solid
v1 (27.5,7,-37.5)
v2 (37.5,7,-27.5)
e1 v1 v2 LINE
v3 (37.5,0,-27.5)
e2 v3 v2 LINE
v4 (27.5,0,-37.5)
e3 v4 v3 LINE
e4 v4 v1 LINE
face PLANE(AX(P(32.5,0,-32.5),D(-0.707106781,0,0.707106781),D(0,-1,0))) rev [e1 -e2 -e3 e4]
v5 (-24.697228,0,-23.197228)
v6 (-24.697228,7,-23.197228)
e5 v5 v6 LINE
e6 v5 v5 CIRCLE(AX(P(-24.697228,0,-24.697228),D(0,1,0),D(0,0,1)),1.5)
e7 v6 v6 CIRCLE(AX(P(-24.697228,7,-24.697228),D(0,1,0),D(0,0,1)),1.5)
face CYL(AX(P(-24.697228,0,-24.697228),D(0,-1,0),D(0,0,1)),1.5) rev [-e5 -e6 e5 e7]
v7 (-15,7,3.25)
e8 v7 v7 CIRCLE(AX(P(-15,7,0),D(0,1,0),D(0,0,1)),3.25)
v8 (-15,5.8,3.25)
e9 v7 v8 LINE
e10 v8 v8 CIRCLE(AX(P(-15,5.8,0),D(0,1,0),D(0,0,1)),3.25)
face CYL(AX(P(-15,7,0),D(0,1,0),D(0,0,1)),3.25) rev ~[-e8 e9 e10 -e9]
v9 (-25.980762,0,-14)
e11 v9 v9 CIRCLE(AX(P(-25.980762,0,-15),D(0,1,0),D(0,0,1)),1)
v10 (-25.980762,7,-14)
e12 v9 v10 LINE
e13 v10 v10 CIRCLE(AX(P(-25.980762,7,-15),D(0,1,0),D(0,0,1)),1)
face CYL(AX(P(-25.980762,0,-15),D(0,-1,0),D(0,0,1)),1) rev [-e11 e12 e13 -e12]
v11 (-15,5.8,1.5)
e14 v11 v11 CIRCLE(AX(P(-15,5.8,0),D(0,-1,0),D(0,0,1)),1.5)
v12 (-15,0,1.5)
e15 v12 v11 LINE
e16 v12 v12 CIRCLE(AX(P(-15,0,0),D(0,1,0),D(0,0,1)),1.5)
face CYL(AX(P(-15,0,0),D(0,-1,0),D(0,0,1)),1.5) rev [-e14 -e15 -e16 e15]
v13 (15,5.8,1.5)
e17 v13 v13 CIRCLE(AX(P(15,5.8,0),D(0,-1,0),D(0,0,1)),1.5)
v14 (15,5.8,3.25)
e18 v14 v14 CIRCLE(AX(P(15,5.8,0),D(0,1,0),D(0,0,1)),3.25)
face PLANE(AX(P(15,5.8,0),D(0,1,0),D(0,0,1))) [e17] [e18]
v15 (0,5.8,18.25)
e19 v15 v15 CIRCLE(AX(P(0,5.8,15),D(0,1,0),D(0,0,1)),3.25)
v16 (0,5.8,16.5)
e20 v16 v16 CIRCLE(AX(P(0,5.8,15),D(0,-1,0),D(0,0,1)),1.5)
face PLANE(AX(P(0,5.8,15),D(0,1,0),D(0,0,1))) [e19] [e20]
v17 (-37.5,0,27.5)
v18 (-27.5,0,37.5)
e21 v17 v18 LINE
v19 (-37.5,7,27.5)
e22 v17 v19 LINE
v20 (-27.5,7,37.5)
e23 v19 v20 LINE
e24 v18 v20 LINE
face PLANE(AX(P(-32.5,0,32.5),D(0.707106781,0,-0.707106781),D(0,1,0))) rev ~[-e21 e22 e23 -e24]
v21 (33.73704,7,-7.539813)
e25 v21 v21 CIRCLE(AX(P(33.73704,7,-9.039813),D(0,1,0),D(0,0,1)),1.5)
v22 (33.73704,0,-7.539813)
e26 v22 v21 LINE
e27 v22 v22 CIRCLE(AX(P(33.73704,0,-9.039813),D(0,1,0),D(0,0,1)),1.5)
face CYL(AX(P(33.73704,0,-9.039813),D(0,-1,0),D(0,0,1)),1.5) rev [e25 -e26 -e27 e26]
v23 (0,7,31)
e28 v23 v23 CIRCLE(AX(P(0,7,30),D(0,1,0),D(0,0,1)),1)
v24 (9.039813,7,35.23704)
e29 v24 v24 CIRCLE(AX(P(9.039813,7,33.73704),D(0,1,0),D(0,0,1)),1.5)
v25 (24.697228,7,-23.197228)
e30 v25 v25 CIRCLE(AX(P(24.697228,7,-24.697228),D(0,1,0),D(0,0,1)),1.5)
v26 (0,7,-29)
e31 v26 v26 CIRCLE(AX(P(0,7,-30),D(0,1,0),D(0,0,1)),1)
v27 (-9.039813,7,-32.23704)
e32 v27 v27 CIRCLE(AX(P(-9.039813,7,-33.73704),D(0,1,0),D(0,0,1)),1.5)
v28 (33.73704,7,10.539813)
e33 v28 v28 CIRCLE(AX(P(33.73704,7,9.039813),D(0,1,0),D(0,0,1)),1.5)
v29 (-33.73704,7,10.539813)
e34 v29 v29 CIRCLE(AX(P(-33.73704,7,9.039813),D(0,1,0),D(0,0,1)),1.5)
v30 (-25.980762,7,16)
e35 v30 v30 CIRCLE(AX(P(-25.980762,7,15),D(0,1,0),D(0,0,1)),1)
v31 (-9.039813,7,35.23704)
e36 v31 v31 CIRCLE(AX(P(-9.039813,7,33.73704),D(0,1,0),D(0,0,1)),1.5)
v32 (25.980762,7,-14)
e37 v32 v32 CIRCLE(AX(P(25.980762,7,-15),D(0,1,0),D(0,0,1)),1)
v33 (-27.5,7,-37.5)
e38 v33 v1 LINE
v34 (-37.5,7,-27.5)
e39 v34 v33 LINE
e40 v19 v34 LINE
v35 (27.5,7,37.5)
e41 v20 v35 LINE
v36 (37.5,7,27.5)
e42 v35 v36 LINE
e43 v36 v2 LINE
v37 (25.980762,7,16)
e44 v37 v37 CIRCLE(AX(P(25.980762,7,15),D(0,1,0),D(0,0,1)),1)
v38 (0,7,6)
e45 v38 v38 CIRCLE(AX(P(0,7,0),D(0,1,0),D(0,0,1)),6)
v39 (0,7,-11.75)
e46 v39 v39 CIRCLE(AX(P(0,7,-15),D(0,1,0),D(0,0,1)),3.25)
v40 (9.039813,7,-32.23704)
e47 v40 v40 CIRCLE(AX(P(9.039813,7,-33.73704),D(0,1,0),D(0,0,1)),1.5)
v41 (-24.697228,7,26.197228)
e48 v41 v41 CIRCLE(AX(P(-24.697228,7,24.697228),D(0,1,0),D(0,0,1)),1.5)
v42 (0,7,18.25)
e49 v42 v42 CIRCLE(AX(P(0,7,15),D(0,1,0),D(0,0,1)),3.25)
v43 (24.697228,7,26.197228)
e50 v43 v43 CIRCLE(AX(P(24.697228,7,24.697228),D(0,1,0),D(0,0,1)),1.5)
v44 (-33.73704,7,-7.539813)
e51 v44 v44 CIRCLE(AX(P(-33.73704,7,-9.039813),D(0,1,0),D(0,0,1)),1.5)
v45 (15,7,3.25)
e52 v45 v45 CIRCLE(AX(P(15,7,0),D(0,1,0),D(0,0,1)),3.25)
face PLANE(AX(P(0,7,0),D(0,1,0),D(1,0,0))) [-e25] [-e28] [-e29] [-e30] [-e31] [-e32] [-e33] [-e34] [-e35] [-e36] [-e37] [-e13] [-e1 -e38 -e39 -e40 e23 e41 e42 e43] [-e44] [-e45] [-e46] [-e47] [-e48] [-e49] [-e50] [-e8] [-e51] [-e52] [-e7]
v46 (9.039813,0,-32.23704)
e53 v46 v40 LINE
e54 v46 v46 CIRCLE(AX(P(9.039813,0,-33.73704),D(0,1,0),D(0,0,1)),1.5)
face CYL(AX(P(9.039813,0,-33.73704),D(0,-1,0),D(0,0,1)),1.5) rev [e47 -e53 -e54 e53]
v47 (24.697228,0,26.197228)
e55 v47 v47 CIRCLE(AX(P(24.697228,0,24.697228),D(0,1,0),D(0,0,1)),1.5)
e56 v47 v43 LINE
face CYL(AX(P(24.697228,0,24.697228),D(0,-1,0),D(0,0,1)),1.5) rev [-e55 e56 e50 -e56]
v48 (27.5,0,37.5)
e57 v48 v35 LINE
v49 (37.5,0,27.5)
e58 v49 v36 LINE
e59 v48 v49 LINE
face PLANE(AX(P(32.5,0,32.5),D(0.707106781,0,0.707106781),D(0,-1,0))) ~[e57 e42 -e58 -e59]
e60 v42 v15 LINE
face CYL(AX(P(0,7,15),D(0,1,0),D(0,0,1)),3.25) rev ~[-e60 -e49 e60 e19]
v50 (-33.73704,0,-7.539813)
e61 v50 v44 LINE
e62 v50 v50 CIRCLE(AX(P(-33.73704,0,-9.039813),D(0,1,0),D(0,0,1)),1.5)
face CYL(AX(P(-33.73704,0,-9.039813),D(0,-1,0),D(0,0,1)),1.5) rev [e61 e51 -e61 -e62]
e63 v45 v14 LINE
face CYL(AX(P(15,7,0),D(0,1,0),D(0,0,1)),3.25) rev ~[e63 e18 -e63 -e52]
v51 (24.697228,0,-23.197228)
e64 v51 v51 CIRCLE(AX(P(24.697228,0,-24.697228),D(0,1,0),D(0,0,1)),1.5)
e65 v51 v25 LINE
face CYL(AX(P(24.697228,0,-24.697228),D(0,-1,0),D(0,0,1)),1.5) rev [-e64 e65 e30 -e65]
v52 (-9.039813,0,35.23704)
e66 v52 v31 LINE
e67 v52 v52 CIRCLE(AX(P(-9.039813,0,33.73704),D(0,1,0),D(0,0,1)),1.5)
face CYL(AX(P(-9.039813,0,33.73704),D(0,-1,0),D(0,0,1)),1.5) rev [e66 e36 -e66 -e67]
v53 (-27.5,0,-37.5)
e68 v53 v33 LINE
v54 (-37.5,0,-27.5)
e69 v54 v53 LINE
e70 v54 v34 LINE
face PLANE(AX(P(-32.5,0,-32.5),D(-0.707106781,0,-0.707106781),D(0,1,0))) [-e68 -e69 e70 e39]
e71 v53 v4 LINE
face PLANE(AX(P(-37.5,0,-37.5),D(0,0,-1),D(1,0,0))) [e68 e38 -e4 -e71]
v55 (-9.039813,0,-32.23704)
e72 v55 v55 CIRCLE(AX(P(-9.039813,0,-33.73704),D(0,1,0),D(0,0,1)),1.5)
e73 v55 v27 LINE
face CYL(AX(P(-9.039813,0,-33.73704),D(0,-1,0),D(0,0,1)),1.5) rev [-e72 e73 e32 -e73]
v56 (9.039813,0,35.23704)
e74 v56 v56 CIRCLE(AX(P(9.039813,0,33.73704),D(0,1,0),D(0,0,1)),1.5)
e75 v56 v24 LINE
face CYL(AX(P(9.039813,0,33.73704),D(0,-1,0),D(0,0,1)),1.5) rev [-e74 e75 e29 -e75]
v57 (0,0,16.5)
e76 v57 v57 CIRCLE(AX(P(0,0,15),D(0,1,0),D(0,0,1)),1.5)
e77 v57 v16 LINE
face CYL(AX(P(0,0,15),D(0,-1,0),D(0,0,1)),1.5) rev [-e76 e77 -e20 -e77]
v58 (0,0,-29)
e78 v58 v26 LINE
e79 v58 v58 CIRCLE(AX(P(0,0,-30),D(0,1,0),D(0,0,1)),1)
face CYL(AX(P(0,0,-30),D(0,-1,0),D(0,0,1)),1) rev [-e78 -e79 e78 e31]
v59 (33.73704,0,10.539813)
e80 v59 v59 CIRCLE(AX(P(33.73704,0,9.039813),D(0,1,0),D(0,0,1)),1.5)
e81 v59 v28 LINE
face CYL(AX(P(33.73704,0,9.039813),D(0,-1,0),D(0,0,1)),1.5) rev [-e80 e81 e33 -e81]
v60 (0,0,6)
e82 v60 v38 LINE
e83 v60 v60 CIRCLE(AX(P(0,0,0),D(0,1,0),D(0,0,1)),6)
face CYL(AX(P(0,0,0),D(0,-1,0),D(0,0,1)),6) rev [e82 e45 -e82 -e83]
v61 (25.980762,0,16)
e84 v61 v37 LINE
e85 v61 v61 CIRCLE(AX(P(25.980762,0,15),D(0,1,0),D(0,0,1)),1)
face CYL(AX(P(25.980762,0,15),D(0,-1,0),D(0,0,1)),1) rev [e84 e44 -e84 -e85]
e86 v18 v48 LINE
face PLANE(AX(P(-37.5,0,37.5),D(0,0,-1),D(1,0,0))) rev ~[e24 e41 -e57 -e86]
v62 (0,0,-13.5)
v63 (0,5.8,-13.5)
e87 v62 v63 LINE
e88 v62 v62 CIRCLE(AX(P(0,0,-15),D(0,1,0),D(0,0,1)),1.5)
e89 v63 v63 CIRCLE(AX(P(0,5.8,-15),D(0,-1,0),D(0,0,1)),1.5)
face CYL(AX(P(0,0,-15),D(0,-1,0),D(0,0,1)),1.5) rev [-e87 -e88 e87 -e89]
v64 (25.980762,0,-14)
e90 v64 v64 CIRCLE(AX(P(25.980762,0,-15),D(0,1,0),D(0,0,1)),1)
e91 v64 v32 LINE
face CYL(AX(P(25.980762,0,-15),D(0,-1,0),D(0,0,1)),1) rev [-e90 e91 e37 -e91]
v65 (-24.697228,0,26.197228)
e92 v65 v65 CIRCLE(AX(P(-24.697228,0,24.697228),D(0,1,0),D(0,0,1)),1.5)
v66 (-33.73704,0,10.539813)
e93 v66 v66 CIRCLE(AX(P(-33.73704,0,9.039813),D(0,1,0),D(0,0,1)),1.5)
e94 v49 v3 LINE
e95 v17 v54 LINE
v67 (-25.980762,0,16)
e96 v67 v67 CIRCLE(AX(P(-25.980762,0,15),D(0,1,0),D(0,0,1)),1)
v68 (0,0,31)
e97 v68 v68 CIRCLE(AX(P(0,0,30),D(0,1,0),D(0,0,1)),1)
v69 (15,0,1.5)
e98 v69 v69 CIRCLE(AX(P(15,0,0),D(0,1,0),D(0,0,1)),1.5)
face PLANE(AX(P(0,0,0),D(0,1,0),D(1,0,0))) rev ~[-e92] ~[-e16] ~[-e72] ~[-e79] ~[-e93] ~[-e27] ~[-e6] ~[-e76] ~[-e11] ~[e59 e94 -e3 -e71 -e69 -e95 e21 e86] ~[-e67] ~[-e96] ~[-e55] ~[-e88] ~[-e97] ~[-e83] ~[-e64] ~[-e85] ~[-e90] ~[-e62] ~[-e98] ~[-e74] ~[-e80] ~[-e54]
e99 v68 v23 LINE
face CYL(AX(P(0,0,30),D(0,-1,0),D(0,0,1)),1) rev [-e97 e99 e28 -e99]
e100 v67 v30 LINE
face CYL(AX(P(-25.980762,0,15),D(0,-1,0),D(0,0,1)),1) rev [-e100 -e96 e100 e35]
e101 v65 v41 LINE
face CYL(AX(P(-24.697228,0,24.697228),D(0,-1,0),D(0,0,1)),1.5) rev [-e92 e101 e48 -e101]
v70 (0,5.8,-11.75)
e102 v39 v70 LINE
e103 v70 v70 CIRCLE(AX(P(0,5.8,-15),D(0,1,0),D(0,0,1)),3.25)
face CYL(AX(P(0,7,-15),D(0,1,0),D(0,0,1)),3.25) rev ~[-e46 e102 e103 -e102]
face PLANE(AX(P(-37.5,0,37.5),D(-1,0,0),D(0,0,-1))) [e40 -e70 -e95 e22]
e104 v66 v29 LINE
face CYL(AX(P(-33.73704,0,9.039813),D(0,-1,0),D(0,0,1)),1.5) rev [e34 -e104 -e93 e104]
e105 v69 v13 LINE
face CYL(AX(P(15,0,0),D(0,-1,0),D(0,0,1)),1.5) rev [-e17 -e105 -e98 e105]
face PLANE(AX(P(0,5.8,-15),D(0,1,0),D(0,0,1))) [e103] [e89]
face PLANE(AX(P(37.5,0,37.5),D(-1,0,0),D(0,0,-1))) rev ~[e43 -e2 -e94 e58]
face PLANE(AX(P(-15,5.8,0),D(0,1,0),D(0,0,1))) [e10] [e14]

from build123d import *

# Parameters (mm, degrees)
SKETCH1_W           = 75
SKETCH1_H           = 75
SKETCH1_R           = 6
SKETCH1_R_2         = 1.5
SKETCH1_R_3         = 1
BOSS_EXTRUDE1_DEPTH = 7
SKETCH2_R           = 3.25
CUT_EXTRUDE1_DEPTH  = 1.2
CHAMFER1_SIZE       = 10


with BuildPart() as part:
    # Sketch1 → Boss-Extrude1 (new body)
    with BuildSketch(Plane(origin=(0, 0, 0), x_dir=(1, 0, 0), z_dir=(0, 1, 0))):
        Rectangle(SKETCH1_W, SKETCH1_H)
        with Locations(Location((0, 0, 0), (0, 0, 270))):
            Circle(SKETCH1_R, mode=Mode.SUBTRACT)
        with Locations(Location((0, 15, 0), (0, 0, 270))):
            Circle(SKETCH1_R_2, mode=Mode.SUBTRACT)
        with Locations(Location((15, 0, 0), (0, 0, 270))):
            Circle(SKETCH1_R_2, mode=Mode.SUBTRACT)
        with Locations(Location((0, -15, 0), (0, 0, 270))):
            Circle(SKETCH1_R_2, mode=Mode.SUBTRACT)
        with Locations(Location((-15, 0, 0), (0, 0, 270))):
            Circle(SKETCH1_R_2, mode=Mode.SUBTRACT)
        with Locations(Location((-33.737040436, -9.03981274, 0), (0, 0, 270))):
            Circle(SKETCH1_R_2, mode=Mode.SUBTRACT)
        with Locations(Location((-33.737040436, 9.03981274, 0), (0, 0, 270))):
            Circle(SKETCH1_R_2, mode=Mode.SUBTRACT)
        with Locations(Location((-24.697227696, 24.697227696, 0), (0, 0, 270))):
            Circle(SKETCH1_R_2, mode=Mode.SUBTRACT)
        with Locations(Location((-9.03981274, 33.737040436, 0), (0, 0, 270))):
            Circle(SKETCH1_R_2, mode=Mode.SUBTRACT)
        with Locations(Location((9.03981274, 33.737040436, 0), (0, 0, 270))):
            Circle(SKETCH1_R_2, mode=Mode.SUBTRACT)
        with Locations(Location((24.697227696, 24.697227696, 0), (0, 0, 270))):
            Circle(SKETCH1_R_2, mode=Mode.SUBTRACT)
        with Locations(Location((33.737040436, 9.03981274, 0), (0, 0, 270))):
            Circle(SKETCH1_R_2, mode=Mode.SUBTRACT)
        with Locations(Location((33.737040436, -9.03981274, 0), (0, 0, 270))):
            Circle(SKETCH1_R_2, mode=Mode.SUBTRACT)
        with Locations(Location((24.697227696, -24.697227696, 0), (0, 0, 270))):
            Circle(SKETCH1_R_2, mode=Mode.SUBTRACT)
        with Locations(Location((9.03981274, -33.737040436, 0), (0, 0, 270))):
            Circle(SKETCH1_R_2, mode=Mode.SUBTRACT)
        with Locations(Location((-9.03981274, -33.737040436, 0), (0, 0, 270))):
            Circle(SKETCH1_R_2, mode=Mode.SUBTRACT)
        with Locations(Location((-24.697227696, -24.697227696, 0), (0, 0, 270))):
            Circle(SKETCH1_R_2, mode=Mode.SUBTRACT)
        with Locations(Location((0, 30, 0), (0, 0, 270))):
            Circle(SKETCH1_R_3, mode=Mode.SUBTRACT)
        with Locations(Location((25.980762114, 15, 0), (0, 0, 270))):
            Circle(SKETCH1_R_3, mode=Mode.SUBTRACT)
        with Locations(Location((25.980762114, -15, 0), (0, 0, 270))):
            Circle(SKETCH1_R_3, mode=Mode.SUBTRACT)
        with Locations(Location((0, -30, 0), (0, 0, 270))):
            Circle(SKETCH1_R_3, mode=Mode.SUBTRACT)
        with Locations(Location((-25.980762114, -15, 0), (0, 0, 270))):
            Circle(SKETCH1_R_3, mode=Mode.SUBTRACT)
        with Locations(Location((-25.980762114, 15, 0), (0, 0, 270))):
            Circle(SKETCH1_R_3, mode=Mode.SUBTRACT)
    extrude(amount=BOSS_EXTRUDE1_DEPTH)

    # Sketch2 → Cut-Extrude1 (cut)
    with BuildSketch(Plane(origin=(0, 7, 0), x_dir=(1, 0, 0), z_dir=(0, 1, 0))):
        with Locations(Location((0, 15, 0), (0, 0, 270))):
            Circle(SKETCH2_R)
        with Locations(Location((15, 0, 0), (0, 0, 270))):
            Circle(SKETCH2_R)
        with Locations(Location((0, -15, 0), (0, 0, 270))):
            Circle(SKETCH2_R)
        with Locations(Location((-15, 0, 0), (0, 0, 270))):
            Circle(SKETCH2_R)
    extrude(amount=-CUT_EXTRUDE1_DEPTH, mode=Mode.SUBTRACT)

    # Chamfer1
    chamfer1_edges = [part.edges().sort_by_distance(p)[0] for p in [
        (-37.5, 3.5, -37.5),
        (37.5, 3.5, -37.5),
        (37.5, 3.5, 37.5),
        (-37.5, 3.5, 37.5),
    ]]
    chamfer(chamfer1_edges, length=CHAMFER1_SIZE)


solid = part.part
